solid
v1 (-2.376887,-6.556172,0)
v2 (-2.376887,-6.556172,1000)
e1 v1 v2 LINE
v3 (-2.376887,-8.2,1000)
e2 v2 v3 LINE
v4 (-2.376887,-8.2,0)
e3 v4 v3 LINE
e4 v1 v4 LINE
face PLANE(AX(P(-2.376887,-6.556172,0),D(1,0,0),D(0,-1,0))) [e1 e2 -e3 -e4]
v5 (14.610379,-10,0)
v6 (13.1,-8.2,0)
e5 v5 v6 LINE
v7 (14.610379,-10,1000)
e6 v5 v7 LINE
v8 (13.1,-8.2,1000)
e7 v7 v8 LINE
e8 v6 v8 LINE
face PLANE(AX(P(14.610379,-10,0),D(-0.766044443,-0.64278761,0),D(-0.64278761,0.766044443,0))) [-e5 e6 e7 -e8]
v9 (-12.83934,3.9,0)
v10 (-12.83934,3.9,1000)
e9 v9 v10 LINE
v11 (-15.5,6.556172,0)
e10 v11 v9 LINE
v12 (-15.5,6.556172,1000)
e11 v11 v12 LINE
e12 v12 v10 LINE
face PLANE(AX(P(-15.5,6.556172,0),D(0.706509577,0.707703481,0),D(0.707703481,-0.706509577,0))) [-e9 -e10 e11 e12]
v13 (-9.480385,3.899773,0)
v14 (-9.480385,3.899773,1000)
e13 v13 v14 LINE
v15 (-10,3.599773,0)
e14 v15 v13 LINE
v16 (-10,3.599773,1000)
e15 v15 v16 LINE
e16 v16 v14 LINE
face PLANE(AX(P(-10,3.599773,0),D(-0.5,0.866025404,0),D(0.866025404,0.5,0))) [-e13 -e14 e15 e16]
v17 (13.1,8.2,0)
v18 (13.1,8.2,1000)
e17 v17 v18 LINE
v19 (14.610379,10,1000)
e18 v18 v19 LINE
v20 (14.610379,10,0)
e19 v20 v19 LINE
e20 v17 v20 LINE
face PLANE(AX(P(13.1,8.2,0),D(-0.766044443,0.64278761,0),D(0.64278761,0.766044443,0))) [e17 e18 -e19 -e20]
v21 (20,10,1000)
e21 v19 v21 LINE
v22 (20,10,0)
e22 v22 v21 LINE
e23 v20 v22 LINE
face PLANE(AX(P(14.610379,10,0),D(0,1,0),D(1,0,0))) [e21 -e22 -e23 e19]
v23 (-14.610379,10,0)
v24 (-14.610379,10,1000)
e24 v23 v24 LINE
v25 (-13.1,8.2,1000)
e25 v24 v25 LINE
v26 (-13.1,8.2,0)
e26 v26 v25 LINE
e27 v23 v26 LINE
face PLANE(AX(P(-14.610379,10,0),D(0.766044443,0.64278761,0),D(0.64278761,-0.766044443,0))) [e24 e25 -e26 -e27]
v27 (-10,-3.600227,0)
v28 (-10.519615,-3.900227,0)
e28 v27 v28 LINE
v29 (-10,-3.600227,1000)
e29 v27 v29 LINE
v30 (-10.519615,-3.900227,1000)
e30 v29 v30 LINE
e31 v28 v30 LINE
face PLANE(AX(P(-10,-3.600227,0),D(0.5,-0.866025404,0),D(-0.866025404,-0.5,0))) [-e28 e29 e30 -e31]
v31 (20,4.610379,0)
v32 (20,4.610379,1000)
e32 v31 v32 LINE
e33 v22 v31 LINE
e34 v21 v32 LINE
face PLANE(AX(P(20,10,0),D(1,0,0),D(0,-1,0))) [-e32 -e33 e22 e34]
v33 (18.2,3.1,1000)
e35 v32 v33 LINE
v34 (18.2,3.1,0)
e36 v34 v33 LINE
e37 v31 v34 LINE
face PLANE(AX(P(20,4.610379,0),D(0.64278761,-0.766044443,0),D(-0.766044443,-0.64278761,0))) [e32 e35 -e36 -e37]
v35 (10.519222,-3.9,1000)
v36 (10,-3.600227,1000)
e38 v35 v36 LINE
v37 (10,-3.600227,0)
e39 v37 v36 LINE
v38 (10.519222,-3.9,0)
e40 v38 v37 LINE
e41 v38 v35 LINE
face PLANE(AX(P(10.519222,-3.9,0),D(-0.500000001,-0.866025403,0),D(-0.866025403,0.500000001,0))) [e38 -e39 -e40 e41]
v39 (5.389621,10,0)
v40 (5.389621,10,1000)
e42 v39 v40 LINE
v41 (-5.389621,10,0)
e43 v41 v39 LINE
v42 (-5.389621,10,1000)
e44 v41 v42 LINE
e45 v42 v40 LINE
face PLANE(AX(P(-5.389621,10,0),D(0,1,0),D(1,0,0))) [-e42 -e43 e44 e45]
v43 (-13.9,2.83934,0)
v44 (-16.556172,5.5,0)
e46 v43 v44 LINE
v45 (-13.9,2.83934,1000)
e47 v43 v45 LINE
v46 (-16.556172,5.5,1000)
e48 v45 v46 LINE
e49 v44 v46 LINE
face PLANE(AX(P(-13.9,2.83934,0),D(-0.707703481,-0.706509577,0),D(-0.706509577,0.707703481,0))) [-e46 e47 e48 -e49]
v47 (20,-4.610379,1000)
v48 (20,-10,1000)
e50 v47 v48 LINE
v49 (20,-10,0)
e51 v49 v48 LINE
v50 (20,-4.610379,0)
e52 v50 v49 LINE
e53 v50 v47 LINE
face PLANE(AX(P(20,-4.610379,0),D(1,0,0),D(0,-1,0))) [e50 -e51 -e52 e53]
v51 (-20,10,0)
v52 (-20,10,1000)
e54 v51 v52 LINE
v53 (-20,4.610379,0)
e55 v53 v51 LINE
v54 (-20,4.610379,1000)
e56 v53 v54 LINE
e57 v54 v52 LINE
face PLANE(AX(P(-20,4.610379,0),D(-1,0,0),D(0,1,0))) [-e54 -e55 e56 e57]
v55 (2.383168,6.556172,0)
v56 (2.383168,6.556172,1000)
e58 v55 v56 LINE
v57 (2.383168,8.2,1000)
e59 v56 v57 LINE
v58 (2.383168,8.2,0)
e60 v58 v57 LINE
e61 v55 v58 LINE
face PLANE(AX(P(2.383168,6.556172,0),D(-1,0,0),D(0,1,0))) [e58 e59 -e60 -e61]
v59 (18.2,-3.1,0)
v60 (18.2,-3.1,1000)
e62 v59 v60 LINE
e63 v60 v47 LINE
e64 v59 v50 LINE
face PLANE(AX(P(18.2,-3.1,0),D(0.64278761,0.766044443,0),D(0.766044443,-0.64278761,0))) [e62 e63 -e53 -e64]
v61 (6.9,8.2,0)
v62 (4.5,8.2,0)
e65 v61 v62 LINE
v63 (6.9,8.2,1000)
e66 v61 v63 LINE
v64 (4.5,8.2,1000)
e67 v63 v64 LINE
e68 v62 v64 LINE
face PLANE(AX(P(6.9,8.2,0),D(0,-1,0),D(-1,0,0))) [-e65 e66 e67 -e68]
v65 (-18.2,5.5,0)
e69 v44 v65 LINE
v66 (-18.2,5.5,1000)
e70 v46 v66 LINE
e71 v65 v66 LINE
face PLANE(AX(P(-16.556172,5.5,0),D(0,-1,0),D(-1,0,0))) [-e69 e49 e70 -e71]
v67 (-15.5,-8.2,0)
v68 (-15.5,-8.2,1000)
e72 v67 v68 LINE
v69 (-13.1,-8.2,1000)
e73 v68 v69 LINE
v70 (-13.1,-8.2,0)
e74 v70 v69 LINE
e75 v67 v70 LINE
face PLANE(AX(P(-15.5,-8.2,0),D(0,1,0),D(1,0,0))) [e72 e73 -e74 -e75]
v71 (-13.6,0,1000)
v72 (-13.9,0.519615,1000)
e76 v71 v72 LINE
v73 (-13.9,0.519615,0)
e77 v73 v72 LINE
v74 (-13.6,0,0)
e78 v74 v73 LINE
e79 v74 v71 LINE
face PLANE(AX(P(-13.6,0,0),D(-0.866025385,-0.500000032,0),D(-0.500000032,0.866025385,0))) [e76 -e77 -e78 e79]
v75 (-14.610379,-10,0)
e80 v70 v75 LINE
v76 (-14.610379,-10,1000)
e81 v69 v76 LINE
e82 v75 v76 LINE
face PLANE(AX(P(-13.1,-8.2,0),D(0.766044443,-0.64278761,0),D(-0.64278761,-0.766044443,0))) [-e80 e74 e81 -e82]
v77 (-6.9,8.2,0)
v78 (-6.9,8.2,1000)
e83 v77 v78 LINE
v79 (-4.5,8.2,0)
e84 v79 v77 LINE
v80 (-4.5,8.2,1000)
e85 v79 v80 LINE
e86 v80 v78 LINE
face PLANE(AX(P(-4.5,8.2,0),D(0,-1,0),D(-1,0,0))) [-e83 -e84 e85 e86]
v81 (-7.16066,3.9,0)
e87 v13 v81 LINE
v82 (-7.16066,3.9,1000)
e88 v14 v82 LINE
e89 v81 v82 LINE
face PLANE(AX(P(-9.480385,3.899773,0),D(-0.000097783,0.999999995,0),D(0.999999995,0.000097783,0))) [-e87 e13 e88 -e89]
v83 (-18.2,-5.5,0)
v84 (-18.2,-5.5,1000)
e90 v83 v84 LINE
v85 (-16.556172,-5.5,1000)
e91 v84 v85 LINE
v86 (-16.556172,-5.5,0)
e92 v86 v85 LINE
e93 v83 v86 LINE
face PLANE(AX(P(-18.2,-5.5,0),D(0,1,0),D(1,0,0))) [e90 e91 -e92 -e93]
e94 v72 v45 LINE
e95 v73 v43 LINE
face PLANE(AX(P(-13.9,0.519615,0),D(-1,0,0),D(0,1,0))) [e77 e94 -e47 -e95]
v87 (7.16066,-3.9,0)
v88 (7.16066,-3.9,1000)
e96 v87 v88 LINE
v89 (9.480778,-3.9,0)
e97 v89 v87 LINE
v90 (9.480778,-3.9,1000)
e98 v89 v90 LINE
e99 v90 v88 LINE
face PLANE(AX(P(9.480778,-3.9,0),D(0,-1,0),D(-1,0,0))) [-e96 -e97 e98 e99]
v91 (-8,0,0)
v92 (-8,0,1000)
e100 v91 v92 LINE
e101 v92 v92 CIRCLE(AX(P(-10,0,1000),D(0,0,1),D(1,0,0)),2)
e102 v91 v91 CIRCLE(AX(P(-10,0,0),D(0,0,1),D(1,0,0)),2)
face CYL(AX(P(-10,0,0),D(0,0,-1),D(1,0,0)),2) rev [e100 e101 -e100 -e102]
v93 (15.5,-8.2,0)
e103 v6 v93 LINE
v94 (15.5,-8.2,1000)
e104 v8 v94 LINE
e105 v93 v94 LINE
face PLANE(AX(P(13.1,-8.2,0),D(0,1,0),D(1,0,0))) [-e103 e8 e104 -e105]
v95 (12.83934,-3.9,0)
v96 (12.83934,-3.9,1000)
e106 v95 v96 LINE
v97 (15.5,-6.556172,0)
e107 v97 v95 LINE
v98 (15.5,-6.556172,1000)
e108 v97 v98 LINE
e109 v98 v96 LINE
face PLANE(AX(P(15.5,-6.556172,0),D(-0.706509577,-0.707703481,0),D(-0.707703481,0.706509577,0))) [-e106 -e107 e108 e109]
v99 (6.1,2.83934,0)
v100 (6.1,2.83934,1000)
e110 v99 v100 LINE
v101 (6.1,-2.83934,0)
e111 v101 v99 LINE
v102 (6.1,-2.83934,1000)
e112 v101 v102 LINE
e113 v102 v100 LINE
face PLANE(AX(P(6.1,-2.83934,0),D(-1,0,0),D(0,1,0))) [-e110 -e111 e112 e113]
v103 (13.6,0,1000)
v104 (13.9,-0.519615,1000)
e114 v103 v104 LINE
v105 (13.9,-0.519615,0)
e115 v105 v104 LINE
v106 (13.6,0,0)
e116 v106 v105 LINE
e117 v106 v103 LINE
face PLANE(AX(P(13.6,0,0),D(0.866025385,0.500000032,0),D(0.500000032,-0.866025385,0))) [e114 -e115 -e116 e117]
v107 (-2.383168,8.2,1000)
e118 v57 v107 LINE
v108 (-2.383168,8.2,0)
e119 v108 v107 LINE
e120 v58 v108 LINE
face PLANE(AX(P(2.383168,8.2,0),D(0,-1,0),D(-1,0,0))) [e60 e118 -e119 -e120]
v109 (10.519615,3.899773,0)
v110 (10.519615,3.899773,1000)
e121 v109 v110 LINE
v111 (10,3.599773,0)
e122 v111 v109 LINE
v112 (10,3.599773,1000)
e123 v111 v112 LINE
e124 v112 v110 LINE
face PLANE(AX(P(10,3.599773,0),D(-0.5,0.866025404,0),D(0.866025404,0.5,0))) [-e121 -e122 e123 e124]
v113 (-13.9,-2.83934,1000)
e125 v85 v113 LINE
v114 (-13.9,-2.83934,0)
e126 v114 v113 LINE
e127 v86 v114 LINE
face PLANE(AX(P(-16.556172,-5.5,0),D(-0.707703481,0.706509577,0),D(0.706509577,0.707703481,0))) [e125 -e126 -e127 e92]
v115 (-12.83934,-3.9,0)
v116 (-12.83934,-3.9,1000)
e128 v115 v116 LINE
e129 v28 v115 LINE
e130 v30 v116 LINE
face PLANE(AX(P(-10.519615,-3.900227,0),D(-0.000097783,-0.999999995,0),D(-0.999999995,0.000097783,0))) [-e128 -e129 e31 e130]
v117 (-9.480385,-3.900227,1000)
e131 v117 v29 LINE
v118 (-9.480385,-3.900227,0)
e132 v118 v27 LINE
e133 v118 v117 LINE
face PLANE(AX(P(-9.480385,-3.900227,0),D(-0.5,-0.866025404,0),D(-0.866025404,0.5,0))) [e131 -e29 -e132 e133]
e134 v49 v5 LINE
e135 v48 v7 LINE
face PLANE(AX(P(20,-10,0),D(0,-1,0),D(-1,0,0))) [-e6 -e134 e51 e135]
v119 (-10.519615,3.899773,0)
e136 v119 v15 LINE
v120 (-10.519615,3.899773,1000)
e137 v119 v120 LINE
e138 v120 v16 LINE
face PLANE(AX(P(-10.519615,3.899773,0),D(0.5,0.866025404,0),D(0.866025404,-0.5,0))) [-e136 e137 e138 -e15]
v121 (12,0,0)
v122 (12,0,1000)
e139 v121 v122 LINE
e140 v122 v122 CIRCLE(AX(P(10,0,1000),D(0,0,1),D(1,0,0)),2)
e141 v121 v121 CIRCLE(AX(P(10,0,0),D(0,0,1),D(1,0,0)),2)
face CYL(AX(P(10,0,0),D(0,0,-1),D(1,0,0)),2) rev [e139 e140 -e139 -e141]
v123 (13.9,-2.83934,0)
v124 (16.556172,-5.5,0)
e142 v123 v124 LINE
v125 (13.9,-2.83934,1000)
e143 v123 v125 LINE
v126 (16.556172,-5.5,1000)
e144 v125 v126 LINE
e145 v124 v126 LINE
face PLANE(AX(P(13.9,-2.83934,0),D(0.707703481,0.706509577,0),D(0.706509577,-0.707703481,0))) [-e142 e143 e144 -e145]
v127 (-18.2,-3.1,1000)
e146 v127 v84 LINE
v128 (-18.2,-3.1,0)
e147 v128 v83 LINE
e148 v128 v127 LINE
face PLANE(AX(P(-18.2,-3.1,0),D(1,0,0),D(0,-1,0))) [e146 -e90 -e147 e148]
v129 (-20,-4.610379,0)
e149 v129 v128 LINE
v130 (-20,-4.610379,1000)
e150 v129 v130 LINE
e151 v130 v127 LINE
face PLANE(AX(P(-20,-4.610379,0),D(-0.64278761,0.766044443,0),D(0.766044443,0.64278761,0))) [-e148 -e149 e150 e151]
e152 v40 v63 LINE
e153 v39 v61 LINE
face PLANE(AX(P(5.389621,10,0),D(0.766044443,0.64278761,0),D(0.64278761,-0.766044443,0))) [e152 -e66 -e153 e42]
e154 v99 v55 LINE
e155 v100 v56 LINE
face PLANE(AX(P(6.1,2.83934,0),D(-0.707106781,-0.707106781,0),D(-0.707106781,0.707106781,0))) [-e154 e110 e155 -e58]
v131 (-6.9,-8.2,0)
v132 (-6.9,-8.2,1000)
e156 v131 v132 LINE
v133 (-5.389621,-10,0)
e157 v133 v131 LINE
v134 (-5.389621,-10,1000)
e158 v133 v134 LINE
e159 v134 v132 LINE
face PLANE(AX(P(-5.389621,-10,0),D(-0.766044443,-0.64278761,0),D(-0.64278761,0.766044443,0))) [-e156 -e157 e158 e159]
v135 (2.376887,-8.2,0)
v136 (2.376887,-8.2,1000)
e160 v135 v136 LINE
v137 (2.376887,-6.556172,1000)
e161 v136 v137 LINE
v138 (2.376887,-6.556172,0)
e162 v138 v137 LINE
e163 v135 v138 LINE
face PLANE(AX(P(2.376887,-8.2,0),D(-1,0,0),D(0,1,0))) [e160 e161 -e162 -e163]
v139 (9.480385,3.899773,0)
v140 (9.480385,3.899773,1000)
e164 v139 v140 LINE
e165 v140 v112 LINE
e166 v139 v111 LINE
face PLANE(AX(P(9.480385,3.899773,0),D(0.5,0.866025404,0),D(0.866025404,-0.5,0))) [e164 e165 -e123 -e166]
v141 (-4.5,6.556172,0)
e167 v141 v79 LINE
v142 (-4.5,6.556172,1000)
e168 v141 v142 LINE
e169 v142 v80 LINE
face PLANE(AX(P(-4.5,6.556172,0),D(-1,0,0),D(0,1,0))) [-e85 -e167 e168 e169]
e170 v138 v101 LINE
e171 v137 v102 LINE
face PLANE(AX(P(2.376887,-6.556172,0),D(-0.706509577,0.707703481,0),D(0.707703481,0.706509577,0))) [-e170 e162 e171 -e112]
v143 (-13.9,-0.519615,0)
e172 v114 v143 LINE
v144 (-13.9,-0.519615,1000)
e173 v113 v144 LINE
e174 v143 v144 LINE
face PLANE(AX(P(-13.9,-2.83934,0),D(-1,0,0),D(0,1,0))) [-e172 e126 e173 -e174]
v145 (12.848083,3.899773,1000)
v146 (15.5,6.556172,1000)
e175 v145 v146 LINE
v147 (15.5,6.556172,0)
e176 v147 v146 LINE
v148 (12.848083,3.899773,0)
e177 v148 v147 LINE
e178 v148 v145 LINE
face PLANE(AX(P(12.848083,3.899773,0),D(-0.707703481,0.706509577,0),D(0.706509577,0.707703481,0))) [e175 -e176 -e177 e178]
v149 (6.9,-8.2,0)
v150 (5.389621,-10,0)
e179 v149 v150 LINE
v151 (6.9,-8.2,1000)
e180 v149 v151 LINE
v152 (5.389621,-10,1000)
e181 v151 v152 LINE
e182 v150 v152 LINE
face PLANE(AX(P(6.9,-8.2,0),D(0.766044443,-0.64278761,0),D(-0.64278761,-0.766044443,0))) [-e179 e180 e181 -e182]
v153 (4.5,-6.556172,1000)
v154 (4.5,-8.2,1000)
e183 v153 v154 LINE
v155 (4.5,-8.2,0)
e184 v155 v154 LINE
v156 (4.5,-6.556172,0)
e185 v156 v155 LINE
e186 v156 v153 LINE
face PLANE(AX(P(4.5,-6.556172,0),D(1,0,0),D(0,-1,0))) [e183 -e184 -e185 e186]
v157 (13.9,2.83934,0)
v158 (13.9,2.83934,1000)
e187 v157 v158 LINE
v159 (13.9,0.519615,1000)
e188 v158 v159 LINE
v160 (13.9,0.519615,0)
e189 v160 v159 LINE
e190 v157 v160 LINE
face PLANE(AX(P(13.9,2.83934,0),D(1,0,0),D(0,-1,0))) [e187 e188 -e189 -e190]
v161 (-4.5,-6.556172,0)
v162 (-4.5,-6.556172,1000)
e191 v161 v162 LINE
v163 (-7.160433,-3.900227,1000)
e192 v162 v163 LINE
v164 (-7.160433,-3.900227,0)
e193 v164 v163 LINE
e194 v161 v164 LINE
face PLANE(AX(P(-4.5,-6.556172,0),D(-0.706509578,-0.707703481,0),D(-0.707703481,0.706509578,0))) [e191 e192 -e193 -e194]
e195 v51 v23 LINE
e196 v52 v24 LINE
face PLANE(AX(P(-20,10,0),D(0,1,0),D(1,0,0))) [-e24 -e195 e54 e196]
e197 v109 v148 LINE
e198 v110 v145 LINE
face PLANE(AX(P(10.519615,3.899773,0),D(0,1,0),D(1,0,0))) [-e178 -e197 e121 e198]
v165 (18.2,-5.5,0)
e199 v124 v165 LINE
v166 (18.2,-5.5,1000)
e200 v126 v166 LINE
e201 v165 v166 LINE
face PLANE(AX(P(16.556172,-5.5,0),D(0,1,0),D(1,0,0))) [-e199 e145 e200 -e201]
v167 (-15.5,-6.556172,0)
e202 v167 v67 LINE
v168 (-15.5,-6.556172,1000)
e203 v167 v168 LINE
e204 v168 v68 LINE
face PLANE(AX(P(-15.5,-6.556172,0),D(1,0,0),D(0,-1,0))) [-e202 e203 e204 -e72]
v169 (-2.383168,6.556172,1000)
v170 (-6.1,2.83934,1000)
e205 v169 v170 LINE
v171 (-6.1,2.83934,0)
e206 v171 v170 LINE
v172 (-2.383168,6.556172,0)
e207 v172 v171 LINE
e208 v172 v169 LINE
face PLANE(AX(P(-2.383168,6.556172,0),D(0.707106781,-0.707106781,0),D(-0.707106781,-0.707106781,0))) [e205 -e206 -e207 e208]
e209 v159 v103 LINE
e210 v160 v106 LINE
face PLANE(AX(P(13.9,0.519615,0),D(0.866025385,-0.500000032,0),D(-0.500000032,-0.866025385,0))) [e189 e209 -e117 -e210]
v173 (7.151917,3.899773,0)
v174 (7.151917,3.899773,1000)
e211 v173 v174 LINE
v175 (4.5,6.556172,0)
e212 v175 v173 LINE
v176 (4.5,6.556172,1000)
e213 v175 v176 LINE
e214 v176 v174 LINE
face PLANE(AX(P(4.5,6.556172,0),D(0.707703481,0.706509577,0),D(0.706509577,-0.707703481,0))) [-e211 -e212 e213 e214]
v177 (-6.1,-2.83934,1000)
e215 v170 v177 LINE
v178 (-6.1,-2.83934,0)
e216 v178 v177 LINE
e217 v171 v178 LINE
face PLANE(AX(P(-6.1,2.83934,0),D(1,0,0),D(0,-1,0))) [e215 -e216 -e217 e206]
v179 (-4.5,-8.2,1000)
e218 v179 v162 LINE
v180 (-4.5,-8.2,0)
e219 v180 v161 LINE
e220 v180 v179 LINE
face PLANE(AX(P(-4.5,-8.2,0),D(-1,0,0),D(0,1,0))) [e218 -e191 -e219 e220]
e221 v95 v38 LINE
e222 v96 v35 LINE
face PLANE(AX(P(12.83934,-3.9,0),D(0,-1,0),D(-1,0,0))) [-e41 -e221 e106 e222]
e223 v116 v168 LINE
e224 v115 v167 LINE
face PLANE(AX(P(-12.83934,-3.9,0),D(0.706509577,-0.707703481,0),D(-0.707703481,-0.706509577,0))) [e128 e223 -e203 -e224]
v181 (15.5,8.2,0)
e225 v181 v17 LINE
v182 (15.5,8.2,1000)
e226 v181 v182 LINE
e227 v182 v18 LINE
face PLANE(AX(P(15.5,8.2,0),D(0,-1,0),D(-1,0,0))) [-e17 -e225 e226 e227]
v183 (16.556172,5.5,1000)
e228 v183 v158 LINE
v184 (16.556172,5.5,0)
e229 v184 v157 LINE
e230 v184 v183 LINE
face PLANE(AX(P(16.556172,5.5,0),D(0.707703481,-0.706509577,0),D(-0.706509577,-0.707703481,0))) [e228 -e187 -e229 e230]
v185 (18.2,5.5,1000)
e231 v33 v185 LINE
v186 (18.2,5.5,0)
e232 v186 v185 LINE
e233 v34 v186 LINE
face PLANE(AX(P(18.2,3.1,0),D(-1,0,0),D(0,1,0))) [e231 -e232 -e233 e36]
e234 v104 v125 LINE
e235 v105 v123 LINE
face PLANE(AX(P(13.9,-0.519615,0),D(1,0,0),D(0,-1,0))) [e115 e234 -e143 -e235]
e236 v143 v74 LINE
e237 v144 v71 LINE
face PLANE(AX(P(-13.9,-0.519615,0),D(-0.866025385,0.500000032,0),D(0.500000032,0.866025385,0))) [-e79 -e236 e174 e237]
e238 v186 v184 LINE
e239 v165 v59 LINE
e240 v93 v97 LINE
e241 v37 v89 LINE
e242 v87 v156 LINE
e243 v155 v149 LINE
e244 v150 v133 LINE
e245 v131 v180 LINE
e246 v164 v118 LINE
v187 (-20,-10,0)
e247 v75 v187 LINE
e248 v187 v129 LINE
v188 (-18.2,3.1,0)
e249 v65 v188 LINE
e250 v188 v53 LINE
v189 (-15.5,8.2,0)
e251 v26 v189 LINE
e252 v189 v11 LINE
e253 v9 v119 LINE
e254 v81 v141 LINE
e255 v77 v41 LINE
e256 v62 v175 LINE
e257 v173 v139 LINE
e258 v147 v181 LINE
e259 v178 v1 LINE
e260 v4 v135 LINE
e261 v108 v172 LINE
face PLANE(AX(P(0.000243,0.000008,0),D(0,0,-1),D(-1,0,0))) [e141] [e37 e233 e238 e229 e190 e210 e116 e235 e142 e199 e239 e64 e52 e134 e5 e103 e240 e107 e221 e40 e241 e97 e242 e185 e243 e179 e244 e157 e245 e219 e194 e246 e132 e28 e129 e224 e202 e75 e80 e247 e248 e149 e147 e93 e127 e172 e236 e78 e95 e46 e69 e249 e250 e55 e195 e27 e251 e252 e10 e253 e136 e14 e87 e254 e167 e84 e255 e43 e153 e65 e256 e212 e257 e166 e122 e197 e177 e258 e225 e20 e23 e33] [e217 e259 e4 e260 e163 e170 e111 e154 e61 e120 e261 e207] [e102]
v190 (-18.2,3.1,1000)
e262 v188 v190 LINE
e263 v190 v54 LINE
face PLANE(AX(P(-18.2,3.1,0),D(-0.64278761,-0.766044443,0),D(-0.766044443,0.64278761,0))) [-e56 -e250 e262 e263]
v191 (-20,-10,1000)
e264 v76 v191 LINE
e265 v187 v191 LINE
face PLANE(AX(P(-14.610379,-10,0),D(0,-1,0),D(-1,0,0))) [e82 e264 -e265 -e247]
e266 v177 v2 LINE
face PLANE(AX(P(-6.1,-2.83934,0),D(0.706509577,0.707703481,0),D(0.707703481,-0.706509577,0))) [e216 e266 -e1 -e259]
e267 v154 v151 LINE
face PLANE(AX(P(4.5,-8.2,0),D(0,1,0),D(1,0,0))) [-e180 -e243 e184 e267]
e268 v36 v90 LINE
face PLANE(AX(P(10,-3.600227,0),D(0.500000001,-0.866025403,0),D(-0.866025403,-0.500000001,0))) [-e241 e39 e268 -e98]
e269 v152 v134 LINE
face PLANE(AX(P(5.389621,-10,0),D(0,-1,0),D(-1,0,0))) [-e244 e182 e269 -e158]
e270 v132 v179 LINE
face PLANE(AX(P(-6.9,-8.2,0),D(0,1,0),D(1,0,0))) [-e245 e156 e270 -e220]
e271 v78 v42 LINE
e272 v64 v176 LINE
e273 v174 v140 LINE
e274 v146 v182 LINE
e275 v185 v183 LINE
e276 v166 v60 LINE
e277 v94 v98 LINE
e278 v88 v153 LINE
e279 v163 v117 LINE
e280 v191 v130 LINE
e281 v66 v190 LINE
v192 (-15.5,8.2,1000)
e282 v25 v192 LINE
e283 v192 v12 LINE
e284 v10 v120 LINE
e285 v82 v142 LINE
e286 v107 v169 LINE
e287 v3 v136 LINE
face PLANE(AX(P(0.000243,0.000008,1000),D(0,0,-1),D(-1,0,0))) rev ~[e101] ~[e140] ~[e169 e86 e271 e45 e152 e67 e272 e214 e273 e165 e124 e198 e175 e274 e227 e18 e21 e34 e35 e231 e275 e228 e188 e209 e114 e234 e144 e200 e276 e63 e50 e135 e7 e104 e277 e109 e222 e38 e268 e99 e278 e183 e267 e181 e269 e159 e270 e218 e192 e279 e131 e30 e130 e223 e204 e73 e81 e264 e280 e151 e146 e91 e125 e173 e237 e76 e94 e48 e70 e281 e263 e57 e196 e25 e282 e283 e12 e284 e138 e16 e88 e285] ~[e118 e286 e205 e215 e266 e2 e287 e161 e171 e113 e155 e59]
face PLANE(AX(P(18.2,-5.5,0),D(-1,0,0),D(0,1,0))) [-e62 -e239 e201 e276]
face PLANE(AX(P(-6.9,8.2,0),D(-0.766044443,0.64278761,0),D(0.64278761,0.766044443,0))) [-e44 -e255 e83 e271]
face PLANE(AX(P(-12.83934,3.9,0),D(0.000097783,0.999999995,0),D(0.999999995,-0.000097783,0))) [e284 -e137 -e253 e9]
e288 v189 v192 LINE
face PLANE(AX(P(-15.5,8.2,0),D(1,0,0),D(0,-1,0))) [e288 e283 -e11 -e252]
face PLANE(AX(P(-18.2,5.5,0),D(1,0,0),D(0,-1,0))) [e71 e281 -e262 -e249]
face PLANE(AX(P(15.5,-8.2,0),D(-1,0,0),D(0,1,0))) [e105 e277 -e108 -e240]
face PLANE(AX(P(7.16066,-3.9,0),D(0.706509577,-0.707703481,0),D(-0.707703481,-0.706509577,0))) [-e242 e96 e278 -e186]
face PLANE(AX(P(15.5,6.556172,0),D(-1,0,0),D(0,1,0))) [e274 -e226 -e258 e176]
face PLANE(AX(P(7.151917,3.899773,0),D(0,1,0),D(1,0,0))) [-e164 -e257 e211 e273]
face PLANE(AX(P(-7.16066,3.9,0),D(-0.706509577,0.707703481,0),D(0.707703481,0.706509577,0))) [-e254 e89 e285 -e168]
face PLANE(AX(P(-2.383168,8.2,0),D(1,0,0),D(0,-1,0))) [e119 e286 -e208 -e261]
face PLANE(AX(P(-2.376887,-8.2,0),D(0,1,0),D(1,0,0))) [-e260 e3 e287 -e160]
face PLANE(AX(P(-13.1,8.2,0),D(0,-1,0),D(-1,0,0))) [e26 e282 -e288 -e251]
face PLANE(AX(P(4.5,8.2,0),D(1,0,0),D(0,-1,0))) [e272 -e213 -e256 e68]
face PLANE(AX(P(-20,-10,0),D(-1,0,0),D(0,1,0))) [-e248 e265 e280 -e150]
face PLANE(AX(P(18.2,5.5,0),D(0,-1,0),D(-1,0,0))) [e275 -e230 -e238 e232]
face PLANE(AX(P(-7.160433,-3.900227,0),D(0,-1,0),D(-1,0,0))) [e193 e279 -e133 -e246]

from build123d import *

# Parameters (mm, degrees)
SKETCH1_R           = 2
BOSS_EXTRUDE1_DEPTH = 1000


with BuildPart() as part:
    # Sketch1 → Boss-Extrude1 (new body)
    with BuildSketch(Plane.XY):
        Polygon((-5.389620664, 10), (5.389620664, 10), (6.9, 8.2), (4.5, 8.2), (4.5, 6.556171609), (7.151917065, 3.899773171), (9.480384758, 3.899773171), (10, 3.599773171), (10.519615242, 3.899773171), (12.848082935, 3.899773171), (15.5, 6.556171609), (15.5, 8.2), (13.1, 8.2), (14.610379336, 10), (20, 10), (20, 4.610379336), (18.2, 3.1), (18.2, 5.5), (16.556171609, 5.5), (13.9, 2.839339828), (13.9, 0.519615231), (13.599999981, 0), (13.9, -0.519615231), (13.9, -2.839339828), (16.556171609, -5.5), (18.2, -5.5), (18.2, -3.1), (20, -4.610379336), (20, -10), (14.610379336, -10), (13.1, -8.2), (15.5, -8.2), (15.5, -6.556171609), (12.839339828, -3.9), (10.519222362, -3.9), (10, -3.600226829), (9.480777638, -3.9), (7.160660172, -3.9), (4.5, -6.556171609), (4.5, -8.2), (6.9, -8.2), (5.389620664, -10), (-5.389620664, -10), (-6.9, -8.2), (-4.5, -8.2), (-4.5, -6.556171609), (-7.160432959, -3.900226829), (-9.480384758, -3.900226829), (-10, -3.600226829), (-10.519615242, -3.900226829), (-12.839339828, -3.9), (-15.5, -6.556171609), (-15.5, -8.2), (-13.1, -8.2), (-14.610379336, -10), (-20, -10), (-20, -4.610379336), (-18.2, -3.1), (-18.2, -5.5), (-16.556171609, -5.5), (-13.9, -2.839339828), (-13.9, -0.519615231), (-13.599999981, 0), (-13.9, 0.519615231), (-13.9, 2.839339828), (-16.556171609, 5.5), (-18.2, 5.5), (-18.2, 3.1), (-20, 4.610379336), (-20, 10), (-14.610379336, 10), (-13.1, 8.2), (-15.5, 8.2), (-15.5, 6.556171609), (-12.839339828, 3.9), (-10.519615242, 3.899773171), (-10, 3.599773171), (-9.480384758, 3.899773171), (-7.160660172, 3.9), (-4.5, 6.556171609), (-4.5, 8.2), (-6.9, 8.2), align=None)
        with Locations((-10, 0)):
            Circle(SKETCH1_R, mode=Mode.SUBTRACT)
        with Locations((10, 0)):
            Circle(SKETCH1_R, mode=Mode.SUBTRACT)
        Polygon((-6.1, -2.839339828), (-2.376887287, -6.556171609), (-2.376887287, -8.2), (2.376887287, -8.2), (2.376887287, -6.556171609), (6.1, -2.839339828), (6.1, 2.839339828), (2.383168219, 6.556171609), (2.383168219, 8.2), (-2.383168219, 8.2), (-2.383168219, 6.556171609), (-6.1, 2.839339828), align=None, mode=Mode.SUBTRACT)
    extrude(amount=BOSS_EXTRUDE1_DEPTH)


solid = part.part
